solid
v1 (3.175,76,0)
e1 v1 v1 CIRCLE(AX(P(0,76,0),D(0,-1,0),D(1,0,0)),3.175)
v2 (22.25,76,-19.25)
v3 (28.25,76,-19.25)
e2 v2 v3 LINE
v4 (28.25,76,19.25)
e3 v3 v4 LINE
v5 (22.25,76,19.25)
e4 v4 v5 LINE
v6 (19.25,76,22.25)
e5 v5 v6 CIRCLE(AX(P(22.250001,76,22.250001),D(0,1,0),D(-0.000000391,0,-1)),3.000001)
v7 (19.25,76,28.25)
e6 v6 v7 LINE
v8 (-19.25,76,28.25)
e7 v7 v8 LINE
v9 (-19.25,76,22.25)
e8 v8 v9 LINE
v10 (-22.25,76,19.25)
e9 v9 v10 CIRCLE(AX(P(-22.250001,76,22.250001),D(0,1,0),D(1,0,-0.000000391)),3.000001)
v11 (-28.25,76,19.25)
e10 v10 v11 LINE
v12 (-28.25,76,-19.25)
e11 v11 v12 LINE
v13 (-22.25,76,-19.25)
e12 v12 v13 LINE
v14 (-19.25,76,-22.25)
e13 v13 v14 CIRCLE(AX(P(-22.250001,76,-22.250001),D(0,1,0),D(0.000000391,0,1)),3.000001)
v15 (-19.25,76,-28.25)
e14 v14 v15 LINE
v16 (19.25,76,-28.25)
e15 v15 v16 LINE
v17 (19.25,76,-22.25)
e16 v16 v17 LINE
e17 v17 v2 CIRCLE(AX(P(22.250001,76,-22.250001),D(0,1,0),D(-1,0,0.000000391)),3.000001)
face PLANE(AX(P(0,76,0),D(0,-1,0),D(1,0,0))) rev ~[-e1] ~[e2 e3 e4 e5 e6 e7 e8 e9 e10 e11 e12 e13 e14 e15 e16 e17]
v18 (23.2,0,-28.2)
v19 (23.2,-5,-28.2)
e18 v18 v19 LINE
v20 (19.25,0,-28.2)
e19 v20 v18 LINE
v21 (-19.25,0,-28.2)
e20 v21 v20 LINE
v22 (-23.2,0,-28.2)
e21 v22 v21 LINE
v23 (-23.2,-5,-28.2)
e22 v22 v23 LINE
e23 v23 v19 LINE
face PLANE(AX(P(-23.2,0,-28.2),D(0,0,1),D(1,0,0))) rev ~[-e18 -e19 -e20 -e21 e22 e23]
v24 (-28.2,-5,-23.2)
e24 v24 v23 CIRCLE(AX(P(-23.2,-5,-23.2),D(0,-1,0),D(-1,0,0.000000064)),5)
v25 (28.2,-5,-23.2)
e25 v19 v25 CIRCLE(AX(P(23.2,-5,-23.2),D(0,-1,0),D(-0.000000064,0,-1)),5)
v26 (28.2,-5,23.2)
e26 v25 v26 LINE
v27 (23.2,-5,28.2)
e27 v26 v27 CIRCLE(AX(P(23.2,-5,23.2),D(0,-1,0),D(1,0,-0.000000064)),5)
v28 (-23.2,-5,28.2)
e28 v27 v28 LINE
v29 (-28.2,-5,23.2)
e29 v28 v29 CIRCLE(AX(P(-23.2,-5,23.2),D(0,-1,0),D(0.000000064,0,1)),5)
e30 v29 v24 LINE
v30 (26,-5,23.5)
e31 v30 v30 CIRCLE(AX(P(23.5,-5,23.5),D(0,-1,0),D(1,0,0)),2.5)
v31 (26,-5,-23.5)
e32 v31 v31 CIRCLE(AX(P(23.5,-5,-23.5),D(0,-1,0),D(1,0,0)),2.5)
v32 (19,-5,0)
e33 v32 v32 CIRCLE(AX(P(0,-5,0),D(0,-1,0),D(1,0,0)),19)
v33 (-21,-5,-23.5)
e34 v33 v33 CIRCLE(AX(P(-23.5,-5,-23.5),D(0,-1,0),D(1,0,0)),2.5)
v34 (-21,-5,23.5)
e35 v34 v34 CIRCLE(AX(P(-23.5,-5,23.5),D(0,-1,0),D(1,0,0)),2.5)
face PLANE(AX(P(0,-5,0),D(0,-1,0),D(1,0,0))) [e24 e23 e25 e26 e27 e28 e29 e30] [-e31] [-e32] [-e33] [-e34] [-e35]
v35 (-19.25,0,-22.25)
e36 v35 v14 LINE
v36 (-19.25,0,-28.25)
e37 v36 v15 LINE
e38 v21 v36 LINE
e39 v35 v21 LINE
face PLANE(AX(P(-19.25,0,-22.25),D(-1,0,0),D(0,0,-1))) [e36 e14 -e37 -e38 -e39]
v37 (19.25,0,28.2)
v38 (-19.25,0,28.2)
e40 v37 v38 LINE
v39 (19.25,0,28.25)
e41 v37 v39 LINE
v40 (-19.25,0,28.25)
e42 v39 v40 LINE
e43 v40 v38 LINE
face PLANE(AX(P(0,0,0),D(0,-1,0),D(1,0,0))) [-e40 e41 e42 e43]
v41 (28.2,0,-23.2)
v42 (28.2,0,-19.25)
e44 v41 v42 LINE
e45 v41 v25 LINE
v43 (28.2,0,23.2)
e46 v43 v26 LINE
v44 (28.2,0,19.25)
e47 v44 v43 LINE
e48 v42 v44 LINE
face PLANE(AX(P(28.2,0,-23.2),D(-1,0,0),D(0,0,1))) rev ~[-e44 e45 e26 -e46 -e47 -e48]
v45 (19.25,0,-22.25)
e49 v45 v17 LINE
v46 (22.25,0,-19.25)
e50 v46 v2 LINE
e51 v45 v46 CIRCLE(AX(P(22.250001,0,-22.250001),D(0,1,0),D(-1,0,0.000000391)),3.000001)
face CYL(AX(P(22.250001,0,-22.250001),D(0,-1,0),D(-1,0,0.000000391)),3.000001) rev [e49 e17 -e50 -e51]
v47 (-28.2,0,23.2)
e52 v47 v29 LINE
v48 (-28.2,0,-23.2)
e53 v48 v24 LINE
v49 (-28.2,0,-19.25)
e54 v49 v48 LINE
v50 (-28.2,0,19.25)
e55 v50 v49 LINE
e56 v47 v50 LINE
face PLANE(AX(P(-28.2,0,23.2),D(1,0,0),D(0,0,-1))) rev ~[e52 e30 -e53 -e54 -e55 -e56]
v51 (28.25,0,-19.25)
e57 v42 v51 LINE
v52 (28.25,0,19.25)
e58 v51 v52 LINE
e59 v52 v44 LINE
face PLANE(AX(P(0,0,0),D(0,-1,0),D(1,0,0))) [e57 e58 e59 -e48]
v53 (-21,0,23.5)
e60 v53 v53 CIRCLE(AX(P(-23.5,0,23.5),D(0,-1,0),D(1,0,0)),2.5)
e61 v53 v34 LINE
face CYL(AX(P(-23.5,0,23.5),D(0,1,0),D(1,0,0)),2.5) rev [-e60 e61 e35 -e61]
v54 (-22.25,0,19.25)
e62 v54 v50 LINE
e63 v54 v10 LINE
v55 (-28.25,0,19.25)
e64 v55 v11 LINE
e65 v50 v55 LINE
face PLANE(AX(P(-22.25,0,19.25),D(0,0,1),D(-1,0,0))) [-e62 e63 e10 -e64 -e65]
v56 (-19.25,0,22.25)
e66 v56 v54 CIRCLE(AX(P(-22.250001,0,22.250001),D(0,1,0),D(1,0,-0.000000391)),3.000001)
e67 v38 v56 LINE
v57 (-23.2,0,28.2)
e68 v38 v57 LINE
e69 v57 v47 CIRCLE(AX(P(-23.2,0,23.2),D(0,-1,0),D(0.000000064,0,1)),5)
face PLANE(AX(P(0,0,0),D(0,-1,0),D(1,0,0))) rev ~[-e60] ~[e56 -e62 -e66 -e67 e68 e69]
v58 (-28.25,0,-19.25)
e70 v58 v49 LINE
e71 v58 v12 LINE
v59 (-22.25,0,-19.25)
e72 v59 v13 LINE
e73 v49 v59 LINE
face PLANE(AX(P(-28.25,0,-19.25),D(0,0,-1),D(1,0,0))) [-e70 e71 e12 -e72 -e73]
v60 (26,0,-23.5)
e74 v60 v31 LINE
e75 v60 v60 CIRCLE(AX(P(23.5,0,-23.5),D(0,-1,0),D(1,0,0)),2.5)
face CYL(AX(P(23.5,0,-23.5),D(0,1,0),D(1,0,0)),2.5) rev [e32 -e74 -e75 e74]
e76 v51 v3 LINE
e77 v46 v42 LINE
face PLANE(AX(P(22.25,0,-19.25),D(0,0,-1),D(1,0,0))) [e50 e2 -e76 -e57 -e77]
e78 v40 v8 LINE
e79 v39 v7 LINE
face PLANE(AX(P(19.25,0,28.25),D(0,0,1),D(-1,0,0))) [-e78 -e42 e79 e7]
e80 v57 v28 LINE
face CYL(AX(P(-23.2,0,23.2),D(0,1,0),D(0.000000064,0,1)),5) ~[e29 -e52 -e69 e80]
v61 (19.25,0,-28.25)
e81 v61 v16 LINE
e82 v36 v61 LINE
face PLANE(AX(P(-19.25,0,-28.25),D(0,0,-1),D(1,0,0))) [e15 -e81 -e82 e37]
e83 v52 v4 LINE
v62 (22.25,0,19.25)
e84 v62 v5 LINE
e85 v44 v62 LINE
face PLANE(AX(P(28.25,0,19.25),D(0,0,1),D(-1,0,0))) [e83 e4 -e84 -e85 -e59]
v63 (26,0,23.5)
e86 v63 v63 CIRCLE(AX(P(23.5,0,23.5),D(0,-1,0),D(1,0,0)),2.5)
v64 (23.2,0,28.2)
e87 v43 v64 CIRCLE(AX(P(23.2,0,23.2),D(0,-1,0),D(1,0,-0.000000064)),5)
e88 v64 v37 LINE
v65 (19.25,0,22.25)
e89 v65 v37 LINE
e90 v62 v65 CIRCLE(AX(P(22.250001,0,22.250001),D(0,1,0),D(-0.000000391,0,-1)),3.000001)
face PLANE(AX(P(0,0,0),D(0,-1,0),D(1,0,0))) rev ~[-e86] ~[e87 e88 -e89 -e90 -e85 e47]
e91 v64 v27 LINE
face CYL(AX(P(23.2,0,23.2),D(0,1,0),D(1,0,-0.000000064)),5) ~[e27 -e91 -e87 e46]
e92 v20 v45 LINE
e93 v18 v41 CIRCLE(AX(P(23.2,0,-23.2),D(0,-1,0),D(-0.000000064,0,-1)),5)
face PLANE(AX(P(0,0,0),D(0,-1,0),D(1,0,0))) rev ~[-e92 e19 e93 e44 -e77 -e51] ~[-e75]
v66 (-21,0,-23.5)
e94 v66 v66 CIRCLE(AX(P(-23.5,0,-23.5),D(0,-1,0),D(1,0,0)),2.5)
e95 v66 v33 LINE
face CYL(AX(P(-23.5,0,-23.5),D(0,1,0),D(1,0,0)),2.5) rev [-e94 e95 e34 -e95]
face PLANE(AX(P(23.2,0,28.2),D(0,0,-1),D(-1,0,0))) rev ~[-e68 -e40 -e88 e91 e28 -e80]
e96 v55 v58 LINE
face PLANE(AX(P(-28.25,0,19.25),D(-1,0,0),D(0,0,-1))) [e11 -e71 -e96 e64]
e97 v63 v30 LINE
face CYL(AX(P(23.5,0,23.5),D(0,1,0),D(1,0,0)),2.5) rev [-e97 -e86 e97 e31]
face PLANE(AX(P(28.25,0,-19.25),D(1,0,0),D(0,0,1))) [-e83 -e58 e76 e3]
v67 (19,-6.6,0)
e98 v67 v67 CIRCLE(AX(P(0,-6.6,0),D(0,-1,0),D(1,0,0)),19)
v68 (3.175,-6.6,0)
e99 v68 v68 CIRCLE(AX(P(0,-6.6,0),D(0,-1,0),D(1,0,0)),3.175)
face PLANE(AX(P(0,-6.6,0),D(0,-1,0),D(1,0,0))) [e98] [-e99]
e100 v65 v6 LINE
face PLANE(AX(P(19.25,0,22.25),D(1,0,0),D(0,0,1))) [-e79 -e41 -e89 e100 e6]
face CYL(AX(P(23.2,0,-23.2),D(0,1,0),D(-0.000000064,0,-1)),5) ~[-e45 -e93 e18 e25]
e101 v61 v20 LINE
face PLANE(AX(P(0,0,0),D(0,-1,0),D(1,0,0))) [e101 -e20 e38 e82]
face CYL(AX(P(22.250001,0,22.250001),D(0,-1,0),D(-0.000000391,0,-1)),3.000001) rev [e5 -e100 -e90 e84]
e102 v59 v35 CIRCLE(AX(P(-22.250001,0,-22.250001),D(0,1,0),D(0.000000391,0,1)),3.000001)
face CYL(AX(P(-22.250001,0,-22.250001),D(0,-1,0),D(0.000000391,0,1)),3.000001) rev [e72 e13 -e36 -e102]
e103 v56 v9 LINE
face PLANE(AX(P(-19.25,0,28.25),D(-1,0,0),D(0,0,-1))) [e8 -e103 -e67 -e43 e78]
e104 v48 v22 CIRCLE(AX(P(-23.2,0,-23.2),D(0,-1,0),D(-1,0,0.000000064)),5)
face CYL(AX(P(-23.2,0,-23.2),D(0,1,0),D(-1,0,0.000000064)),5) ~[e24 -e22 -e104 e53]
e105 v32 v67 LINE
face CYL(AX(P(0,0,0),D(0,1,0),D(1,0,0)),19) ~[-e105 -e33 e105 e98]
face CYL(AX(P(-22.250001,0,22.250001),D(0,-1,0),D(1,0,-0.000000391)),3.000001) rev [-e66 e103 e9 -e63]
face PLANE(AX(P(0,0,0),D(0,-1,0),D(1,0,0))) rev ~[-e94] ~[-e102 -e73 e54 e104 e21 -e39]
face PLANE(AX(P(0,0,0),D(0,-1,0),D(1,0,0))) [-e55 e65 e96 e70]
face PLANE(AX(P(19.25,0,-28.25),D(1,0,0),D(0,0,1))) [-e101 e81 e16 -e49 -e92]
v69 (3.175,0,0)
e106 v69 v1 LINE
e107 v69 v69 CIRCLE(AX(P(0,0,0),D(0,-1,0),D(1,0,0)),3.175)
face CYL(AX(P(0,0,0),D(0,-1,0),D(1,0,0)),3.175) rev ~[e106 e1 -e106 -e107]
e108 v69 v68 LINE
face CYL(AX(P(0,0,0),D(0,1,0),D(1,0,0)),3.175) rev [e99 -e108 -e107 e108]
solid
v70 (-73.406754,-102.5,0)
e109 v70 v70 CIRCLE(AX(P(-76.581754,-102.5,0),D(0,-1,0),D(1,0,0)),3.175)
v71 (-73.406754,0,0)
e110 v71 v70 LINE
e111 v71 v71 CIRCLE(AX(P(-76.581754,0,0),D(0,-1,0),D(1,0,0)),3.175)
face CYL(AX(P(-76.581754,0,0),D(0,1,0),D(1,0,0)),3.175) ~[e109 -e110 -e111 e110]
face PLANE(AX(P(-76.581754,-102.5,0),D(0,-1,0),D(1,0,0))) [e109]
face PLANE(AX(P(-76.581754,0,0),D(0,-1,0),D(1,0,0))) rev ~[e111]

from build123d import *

# Parameters (mm, degrees)
F0_R     = 2.5
F0_R_2   = 19
F1_DEPTH = 5
F0_R_3   = 3.175
F2_DEPTH = 6.6
F3_R     = 3.175
F4_DEPTH = 76
F5_DEPTH = 102.5


with BuildPart() as f1:
    # F0 (on Front) → F1 (new body)
    with BuildSketch(Plane.XZ):
        with BuildLine():
            Line((23.2, 28.2), (-23.2, 28.2))
            ThreePointArc((-23.2, 28.2), (-26.735534, 26.735534), (-28.2, 23.2))
            Line((-28.2, 23.2), (-28.2, -23.2))
            ThreePointArc((-28.2, -23.2), (-26.735534, -26.735534), (-23.2, -28.2))
            Line((-23.2, -28.2), (23.2, -28.2))
            ThreePointArc((23.2, -28.2), (26.735534, -26.735534), (28.2, -23.2))
            Line((28.2, -23.2), (28.2, 23.2))
            ThreePointArc((28.2, 23.2), (26.735534, 26.735534), (23.2, 28.2))
        make_face()
        with Locations((-23.5, -23.5)):
            Circle(F0_R, mode=Mode.SUBTRACT)
        with Locations((23.5, -23.5)):
            Circle(F0_R, mode=Mode.SUBTRACT)
        Circle(F0_R_2, mode=Mode.SUBTRACT)
        with Locations((-23.5, 23.5)):
            Circle(F0_R, mode=Mode.SUBTRACT)
        with Locations((23.5, 23.5)):
            Circle(F0_R, mode=Mode.SUBTRACT)
    extrude(amount=F1_DEPTH)

    # F0 (on Front) → F2 (join)
    with BuildSketch(Plane.XZ):
        Circle(F0_R_2)
        Circle(F0_R_3, mode=Mode.SUBTRACT)
    extrude(amount=F2_DEPTH)

    # F3 (on face) → F4 (join)
    with BuildSketch(Plane.XZ):
        with BuildLine():
            Line((28.25, -19.25), (28.25, 19.25))
            Line((28.25, 19.25), (22.25, 19.25))
            ThreePointArc((22.25, 19.25), (20.12868, 20.12868), (19.25, 22.25))
            Line((19.25, 22.25), (19.25, 28.25))
            Line((19.25, 28.25), (-19.25, 28.25))
            Line((-19.25, 28.25), (-19.25, 22.25))
            ThreePointArc((-19.25, 22.25), (-20.12868, 20.12868), (-22.25, 19.25))
            Line((-22.25, 19.25), (-28.25, 19.25))
            Line((-28.25, 19.25), (-28.25, -19.25))
            Line((-28.25, -19.25), (-22.25, -19.25))
            ThreePointArc((-22.25, -19.25), (-20.12868, -20.12868), (-19.25, -22.25))
            Line((-19.25, -22.25), (-19.25, -28.25))
            Line((-19.25, -28.25), (19.25, -28.25))
            Line((19.25, -28.25), (19.25, -22.25))
            ThreePointArc((19.25, -22.25), (20.12868, -20.12868), (22.25, -19.25))
            Line((22.25, -19.25), (28.25, -19.25))
        make_face()
        Circle(F3_R, mode=Mode.SUBTRACT)
    extrude(amount=-F4_DEPTH)


with BuildPart() as f5:
    # F0 (on Front) → F5 (new body)
    with BuildSketch(Plane.XZ):
        with Locations((-76.581754, 0)):
            Circle(F0_R_3)
    extrude(amount=F5_DEPTH)


solid = Compound([f1.part, f5.part])
